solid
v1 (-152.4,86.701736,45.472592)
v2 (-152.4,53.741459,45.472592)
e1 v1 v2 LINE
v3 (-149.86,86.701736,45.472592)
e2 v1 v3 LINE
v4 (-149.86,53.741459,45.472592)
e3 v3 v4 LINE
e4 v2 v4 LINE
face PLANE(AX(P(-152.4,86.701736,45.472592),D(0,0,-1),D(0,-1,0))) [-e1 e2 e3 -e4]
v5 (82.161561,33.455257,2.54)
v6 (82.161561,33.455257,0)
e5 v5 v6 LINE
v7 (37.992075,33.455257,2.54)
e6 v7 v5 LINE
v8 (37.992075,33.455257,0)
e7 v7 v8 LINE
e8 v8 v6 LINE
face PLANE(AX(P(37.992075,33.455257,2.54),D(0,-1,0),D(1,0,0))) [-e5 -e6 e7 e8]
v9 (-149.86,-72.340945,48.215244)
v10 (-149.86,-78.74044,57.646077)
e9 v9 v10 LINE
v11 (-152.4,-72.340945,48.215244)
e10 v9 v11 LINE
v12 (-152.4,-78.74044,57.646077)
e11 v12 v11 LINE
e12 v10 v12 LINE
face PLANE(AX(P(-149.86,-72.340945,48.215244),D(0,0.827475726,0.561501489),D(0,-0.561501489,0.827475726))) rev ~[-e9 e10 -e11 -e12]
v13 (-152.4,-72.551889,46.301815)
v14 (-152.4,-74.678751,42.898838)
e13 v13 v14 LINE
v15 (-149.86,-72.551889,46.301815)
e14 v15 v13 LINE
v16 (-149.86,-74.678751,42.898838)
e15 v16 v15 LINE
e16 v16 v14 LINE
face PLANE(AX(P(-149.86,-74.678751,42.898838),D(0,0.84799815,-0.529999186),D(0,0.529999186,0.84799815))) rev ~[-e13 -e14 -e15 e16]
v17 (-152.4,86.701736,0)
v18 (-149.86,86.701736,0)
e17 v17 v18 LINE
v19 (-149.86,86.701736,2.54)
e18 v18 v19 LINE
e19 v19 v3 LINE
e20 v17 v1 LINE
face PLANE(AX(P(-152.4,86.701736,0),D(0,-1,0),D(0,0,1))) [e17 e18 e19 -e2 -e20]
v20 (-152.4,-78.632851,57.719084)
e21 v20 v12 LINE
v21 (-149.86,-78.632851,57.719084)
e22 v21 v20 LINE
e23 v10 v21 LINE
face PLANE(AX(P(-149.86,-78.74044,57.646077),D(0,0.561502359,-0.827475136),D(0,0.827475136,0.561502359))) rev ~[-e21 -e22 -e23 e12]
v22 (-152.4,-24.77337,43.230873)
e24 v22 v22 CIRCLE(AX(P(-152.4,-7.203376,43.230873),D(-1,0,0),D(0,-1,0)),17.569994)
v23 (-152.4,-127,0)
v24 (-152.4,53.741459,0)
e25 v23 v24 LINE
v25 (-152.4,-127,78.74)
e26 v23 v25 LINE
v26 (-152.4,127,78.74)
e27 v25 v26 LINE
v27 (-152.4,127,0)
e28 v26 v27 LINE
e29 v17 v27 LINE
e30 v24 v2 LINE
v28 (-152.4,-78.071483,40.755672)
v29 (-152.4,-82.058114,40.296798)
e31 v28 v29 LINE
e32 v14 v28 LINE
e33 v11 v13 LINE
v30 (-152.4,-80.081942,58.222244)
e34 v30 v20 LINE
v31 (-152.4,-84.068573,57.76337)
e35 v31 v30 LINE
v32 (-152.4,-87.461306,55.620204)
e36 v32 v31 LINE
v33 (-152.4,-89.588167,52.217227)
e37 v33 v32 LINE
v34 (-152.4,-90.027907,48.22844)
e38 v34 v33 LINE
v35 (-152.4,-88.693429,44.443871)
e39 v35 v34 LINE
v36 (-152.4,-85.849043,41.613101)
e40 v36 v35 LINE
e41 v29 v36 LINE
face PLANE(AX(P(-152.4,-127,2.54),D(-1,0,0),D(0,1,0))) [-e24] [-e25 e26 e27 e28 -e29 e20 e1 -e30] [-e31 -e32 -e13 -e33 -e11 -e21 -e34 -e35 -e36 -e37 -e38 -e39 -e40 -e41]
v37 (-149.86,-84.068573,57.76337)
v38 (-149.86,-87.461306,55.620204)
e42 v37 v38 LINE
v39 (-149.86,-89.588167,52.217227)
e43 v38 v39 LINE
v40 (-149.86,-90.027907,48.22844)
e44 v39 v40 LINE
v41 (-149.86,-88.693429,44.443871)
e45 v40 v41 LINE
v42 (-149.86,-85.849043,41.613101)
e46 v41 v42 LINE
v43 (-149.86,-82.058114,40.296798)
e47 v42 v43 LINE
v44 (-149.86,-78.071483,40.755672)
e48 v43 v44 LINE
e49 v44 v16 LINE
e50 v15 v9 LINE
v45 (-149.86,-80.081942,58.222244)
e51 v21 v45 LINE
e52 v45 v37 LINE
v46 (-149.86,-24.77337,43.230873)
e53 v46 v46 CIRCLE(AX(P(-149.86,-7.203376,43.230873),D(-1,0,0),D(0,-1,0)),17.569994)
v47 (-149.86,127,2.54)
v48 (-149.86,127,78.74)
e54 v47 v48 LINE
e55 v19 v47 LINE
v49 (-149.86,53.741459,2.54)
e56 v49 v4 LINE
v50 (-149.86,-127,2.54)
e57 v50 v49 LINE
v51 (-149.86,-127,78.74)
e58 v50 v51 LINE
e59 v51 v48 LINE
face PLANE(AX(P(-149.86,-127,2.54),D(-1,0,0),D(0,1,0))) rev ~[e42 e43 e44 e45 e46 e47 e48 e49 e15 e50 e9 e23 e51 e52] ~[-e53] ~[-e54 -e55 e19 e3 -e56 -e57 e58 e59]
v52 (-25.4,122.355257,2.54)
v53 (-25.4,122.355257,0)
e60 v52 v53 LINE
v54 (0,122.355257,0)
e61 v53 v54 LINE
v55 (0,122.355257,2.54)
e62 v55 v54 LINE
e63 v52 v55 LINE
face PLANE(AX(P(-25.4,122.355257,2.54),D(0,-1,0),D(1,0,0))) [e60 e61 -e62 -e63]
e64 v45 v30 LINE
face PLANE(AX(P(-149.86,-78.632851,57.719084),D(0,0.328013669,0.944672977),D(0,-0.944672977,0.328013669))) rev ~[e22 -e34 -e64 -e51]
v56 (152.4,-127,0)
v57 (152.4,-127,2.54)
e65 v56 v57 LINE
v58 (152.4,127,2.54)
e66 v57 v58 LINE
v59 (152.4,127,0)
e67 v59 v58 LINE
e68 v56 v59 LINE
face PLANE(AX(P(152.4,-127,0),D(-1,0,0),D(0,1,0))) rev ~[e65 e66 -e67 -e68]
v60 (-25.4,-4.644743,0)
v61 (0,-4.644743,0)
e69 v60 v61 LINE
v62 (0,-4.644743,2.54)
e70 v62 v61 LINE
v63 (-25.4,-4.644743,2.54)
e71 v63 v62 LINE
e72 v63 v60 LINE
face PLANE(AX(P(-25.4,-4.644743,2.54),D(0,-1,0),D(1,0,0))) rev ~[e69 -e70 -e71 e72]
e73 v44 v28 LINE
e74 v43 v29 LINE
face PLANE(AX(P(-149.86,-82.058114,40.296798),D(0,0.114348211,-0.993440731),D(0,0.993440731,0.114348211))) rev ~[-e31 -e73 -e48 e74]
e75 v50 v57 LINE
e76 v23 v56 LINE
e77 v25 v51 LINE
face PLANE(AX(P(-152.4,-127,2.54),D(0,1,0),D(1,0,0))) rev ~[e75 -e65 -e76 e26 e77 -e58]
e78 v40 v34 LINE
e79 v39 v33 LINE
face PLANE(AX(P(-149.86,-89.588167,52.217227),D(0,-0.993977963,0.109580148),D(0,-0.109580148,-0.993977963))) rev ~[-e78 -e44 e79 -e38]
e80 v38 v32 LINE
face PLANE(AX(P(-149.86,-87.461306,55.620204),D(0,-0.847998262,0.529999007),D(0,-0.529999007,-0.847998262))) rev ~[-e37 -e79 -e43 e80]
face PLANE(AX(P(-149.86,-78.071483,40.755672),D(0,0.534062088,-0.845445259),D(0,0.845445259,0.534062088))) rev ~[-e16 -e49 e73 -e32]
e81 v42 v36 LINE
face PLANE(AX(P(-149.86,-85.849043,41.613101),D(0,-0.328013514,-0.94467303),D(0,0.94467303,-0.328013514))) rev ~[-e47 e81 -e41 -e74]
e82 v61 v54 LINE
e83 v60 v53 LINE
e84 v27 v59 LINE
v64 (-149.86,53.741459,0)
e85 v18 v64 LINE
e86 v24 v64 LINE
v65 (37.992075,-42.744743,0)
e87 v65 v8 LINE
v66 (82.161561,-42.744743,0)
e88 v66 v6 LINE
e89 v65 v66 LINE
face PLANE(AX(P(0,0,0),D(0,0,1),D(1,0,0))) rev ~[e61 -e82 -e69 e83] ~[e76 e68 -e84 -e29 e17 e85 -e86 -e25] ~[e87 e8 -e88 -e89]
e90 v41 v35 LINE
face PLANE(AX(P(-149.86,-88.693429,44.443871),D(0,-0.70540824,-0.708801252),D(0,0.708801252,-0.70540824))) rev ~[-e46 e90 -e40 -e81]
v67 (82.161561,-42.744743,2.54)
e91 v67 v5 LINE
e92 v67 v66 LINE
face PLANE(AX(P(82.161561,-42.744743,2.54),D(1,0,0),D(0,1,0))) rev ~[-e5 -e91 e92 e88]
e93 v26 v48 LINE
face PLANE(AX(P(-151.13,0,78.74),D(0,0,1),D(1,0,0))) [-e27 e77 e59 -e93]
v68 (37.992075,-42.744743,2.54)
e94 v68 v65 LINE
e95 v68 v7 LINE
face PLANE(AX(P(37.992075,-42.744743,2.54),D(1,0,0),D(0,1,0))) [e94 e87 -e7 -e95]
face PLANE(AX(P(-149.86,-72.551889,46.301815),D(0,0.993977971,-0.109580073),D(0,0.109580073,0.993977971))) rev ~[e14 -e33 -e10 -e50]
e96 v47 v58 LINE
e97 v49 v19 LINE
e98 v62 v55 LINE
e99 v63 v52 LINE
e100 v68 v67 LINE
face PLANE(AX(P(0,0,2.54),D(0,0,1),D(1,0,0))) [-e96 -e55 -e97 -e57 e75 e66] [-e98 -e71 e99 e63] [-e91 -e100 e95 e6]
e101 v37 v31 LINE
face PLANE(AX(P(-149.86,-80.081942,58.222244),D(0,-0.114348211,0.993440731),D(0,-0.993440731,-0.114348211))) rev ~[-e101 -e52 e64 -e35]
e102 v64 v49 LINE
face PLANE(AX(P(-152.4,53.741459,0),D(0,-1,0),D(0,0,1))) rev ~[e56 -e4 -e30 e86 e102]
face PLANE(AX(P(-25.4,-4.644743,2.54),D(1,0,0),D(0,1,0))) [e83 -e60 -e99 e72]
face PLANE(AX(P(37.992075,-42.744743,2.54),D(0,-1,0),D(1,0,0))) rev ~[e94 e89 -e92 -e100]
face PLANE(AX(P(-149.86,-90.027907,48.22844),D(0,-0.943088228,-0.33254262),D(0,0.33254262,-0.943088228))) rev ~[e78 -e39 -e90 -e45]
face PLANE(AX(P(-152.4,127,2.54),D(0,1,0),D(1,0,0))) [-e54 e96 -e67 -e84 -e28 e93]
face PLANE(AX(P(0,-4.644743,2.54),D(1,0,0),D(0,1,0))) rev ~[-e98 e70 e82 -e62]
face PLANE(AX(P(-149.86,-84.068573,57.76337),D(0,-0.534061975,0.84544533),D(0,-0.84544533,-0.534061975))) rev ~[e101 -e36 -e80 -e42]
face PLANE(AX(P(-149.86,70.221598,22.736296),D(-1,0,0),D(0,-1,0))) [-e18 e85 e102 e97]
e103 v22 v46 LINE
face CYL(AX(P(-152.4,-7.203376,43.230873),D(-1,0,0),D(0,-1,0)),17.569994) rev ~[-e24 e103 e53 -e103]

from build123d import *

# Parameters (mm, degrees)
F0_W      = 304.8
F0_H      = 254
F1_DEPTH  = 2.54
F2_W      = 2.54
F2_H      = 254
F3_DEPTH  = 76.2
F4_W      = 32.960277
F4_H      = 45.472592
F5_DEPTH  = 2.54
F6_R      = 17.569994
F7_DEPTH  = 25.4
F9_DEPTH  = 25.4
F10_W     = 25.4
F10_H     = 127
F10_W_2   = 44.169486
F10_H_2   = 76.2
F11_DEPTH = 25.4


with BuildPart() as f1:
    # F0 (on Top) → F1 (new body)
    with BuildSketch(Plane.XY):
        Rectangle(F0_W, F0_H)
    extrude(amount=F1_DEPTH)

    # F2 (on face) → F3 (join)
    with BuildSketch(Plane.XY.offset(2.54)):
        with Locations((-151.13, 0)):
            Rectangle(F2_W, F2_H)
    extrude(amount=F3_DEPTH)

    # F4 (on face) → F5 (cut)
    with BuildSketch(Plane(origin=(-152.4, 0, 0), x_dir=(0, -1, 0), z_dir=(-1, 0, 0))):
        with Locations((-70.221598, 22.736296)):
            Rectangle(F4_W, F4_H)
    extrude(amount=-F5_DEPTH, mode=Mode.SUBTRACT)

    # F6 (on face) → F7 (cut)
    with BuildSketch(Plane(origin=(-152.4, 0, 0), x_dir=(0, -1, 0), z_dir=(-1, 0, 0))):
        with Locations((7.203376, 43.230873)):
            Circle(F6_R)
    extrude(amount=-F7_DEPTH, mode=Mode.SUBTRACT)

    # F8 (on face) → F9 (cut)
    with BuildSketch(Plane.YZ.offset(-149.86)):
        Polygon((-74.678751, 42.898838), (-72.551889, 46.301815), (-72.340945, 48.215244), (-78.74044, 57.646077), (-78.632851, 57.719084), (-80.081942, 58.222244), (-84.068573, 57.76337), (-87.461306, 55.620204), (-89.588167, 52.217227), (-90.027907, 48.22844), (-88.693429, 44.443871), (-85.849043, 41.613101), (-82.058114, 40.296798), (-78.071483, 40.755672), align=None)
    extrude(amount=-F9_DEPTH, mode=Mode.SUBTRACT)

    # F10 (on face) → F11 (cut)
    with BuildSketch(Plane.XY.offset(2.54)):
        with Locations((-12.7, 58.855257)):
            Rectangle(F10_W, F10_H)
        with Locations((60.076818, -4.644743)):
            Rectangle(F10_W_2, F10_H_2)
    extrude(amount=-F11_DEPTH, mode=Mode.SUBTRACT)


solid = f1.part
